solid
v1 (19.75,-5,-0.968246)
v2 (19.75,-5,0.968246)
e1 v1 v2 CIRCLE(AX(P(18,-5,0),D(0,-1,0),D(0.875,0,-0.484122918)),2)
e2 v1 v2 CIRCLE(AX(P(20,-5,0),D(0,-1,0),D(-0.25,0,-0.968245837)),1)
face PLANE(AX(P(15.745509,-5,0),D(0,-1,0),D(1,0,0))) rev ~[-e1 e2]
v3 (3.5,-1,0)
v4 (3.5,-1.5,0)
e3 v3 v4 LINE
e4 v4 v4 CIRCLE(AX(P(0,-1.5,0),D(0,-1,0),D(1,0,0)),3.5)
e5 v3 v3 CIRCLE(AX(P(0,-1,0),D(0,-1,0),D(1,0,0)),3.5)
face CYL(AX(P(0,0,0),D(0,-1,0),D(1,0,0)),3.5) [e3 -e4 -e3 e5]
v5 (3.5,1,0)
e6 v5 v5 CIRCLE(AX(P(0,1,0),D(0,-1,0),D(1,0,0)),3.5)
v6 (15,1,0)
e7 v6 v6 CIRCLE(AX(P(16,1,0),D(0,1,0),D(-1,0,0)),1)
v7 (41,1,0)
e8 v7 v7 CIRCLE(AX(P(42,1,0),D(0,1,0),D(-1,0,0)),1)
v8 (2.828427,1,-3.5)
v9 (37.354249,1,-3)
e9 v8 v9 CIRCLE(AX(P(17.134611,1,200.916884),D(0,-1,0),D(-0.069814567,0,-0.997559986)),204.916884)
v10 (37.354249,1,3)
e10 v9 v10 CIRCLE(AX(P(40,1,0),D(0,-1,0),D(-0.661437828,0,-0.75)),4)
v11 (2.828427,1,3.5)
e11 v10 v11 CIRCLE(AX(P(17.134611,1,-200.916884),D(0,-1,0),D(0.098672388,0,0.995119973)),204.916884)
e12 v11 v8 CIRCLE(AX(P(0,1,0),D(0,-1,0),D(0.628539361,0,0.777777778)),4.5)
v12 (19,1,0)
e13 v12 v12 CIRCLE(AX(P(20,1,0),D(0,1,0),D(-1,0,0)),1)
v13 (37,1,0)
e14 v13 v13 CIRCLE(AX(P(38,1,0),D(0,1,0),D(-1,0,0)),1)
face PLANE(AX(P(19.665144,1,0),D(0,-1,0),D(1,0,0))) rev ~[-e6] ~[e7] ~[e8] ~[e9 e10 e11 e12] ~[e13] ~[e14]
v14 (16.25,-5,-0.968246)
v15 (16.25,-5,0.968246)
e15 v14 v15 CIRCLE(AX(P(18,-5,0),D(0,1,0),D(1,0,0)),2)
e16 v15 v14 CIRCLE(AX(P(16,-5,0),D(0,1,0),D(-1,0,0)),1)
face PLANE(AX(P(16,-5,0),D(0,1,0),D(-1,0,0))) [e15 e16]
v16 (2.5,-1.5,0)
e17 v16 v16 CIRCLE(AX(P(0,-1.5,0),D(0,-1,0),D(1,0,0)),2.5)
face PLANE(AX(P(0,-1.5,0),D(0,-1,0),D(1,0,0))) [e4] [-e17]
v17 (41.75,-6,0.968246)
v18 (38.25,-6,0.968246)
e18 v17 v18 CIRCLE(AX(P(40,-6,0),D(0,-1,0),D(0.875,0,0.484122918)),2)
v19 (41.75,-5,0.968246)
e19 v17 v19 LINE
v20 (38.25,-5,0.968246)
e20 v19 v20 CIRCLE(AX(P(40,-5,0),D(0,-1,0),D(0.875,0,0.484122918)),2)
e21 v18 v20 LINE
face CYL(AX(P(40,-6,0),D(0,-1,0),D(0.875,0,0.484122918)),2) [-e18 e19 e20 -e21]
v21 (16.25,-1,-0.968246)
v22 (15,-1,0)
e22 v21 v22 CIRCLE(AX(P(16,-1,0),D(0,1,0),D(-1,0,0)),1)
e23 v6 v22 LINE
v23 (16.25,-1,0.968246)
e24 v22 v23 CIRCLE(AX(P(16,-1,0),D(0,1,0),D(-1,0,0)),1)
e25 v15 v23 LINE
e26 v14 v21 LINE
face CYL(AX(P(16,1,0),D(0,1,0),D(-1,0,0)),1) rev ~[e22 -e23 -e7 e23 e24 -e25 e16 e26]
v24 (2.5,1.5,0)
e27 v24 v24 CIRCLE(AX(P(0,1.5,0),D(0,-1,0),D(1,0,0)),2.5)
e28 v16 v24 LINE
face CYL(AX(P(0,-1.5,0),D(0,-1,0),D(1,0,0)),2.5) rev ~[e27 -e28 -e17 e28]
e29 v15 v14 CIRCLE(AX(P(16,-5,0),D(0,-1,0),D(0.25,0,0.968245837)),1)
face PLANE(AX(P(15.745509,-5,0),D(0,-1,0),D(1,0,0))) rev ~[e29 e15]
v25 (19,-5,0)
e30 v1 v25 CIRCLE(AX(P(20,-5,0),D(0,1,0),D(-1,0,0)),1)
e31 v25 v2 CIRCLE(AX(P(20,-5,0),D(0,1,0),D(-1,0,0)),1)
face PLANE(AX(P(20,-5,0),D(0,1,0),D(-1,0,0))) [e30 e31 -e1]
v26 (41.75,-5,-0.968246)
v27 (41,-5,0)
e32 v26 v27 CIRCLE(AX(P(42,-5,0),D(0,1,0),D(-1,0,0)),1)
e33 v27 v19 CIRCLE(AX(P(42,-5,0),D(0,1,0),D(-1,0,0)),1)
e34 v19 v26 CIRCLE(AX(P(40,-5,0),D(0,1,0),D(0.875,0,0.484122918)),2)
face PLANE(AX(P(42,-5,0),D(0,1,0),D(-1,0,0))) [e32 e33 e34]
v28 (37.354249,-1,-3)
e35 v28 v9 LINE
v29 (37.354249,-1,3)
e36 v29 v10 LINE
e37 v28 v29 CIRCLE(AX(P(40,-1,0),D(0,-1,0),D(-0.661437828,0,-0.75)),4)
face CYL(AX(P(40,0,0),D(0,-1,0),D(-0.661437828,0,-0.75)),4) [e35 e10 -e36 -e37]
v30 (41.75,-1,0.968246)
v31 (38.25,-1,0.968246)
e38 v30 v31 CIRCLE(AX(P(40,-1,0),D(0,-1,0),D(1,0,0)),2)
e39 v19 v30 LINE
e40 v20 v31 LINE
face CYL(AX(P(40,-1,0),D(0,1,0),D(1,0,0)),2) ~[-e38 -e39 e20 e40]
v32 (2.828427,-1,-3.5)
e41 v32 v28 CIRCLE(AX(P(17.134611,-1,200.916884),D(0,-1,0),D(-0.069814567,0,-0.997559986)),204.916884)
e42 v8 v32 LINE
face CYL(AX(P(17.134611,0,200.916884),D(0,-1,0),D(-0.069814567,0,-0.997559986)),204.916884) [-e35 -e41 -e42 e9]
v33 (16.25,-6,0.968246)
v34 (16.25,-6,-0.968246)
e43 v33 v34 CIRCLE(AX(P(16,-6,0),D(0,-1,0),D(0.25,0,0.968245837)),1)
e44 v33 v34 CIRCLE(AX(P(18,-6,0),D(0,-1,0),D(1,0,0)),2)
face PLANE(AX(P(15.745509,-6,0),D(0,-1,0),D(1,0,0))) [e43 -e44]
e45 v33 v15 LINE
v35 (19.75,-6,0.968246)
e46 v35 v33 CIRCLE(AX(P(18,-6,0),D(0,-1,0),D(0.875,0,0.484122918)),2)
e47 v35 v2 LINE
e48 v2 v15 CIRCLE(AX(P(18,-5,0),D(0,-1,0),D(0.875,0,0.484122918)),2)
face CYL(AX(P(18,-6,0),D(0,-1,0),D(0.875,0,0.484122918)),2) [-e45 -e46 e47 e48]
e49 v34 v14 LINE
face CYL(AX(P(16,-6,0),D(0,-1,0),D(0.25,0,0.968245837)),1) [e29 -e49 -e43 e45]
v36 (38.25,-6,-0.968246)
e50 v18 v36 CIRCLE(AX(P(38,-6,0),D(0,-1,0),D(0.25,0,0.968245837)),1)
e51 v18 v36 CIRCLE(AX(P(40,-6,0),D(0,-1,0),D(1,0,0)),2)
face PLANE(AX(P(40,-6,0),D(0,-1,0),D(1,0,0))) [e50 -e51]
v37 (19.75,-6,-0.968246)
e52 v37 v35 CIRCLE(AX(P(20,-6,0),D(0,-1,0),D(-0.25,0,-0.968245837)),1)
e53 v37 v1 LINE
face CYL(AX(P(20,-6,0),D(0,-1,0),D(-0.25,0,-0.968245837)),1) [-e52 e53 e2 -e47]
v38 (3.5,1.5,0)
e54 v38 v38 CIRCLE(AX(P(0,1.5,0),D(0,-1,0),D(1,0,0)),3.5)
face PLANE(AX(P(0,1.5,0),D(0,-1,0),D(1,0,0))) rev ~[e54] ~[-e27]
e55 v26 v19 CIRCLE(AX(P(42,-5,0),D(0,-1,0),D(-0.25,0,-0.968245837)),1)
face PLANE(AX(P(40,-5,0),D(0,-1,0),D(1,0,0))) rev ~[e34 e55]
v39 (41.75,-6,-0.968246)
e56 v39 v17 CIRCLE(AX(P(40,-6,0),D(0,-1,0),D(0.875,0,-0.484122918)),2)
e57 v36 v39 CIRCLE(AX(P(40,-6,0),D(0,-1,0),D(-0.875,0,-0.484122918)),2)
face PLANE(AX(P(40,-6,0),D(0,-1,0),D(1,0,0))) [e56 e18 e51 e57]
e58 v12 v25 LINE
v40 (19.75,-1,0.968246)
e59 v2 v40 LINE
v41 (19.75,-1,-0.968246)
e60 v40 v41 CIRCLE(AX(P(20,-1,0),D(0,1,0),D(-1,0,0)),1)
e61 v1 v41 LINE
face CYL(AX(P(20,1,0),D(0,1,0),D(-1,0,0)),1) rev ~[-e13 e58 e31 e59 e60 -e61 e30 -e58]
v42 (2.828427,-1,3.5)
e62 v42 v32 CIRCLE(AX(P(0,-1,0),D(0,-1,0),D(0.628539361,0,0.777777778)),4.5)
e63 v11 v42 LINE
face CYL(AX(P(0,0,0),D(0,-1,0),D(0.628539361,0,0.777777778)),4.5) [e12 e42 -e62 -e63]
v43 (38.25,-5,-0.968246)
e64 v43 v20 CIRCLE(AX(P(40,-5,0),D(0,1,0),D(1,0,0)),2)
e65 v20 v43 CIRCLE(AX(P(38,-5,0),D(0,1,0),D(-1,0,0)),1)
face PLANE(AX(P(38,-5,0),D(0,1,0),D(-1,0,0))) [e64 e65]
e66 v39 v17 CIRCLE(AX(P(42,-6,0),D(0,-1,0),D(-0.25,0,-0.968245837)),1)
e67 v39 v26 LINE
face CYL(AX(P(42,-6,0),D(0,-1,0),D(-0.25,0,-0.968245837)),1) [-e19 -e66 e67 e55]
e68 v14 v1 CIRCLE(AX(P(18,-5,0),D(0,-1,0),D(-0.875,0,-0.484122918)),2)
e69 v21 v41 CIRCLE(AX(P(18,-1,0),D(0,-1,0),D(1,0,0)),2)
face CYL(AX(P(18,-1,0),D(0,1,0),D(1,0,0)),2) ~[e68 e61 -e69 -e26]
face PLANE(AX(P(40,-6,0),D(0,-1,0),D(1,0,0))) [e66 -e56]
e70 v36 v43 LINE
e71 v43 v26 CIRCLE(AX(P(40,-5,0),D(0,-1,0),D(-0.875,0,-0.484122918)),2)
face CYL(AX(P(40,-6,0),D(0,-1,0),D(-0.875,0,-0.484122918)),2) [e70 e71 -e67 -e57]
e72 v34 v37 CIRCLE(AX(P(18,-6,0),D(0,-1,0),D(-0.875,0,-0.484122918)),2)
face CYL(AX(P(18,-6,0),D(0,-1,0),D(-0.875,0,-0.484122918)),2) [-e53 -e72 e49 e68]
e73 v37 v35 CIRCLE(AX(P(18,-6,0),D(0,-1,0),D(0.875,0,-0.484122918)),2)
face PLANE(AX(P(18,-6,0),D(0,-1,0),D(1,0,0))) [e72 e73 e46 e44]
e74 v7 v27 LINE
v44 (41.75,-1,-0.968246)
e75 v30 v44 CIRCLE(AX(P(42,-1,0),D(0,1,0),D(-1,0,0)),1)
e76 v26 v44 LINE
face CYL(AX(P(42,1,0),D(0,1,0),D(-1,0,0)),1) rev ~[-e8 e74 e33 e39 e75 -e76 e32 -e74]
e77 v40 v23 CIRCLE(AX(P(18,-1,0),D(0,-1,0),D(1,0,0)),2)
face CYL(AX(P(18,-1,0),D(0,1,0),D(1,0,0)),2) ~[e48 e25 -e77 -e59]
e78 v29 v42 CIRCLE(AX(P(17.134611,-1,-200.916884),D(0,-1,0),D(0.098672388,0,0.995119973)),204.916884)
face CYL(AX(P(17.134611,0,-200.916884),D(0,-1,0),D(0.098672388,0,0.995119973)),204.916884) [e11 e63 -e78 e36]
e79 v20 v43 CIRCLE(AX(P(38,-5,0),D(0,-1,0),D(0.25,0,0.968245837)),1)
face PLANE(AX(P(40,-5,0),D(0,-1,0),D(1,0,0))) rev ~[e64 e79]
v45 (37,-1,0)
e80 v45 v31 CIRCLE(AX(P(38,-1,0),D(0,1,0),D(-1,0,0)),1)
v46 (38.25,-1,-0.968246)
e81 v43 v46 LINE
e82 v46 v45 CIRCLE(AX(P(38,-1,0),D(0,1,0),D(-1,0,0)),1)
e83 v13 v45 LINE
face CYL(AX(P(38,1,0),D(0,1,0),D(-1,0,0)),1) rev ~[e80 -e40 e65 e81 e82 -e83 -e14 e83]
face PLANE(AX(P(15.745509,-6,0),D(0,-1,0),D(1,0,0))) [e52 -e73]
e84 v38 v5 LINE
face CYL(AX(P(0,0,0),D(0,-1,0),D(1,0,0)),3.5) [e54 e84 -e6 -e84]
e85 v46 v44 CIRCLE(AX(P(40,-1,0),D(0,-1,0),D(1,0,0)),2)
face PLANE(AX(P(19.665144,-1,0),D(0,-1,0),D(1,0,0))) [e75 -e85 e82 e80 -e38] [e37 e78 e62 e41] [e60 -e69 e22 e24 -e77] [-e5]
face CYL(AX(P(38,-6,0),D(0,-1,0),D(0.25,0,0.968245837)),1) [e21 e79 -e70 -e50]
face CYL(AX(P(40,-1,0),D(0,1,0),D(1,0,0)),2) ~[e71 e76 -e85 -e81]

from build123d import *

# Parameters (mm, degrees)
F1_DEPTH  = 1
F2_R      = 3.5
F3_DEPTH  = 1.5
F4_R      = 2.5
F5_DEPTH  = 3.001
F6_R      = 2
F7_DEPTH  = 5
F9_DEPTH  = 1
F10_R     = 1
F11_DEPTH = 6


with BuildPart() as f1:
    # F0 (on Front) → F1 (new body, symmetric)
    with BuildSketch(Plane.XZ):
        with BuildLine():
            ThreePointArc((37.3542486889, 3), (20.1018882017, 3.9785151955), (2.8284271247, 3.5))
            ThreePointArc((2.8284271247, 3.5), (-4.5, 0), (2.8284271247, -3.5))
            ThreePointArc((2.8284271247, -3.5), (20.1018882017, -3.9785151955), (37.3542486889, -3))
            ThreePointArc((37.3542486889, -3), (44, 0), (37.3542486889, 3))
        make_face()
    extrude(amount=F1_DEPTH, both=True)

    # F2 (on Front) → F3 (join, symmetric)
    with BuildSketch(Plane.XZ):
        Circle(F2_R)
    extrude(amount=F3_DEPTH, both=True)

    # F4 (on face) → F5 (cut, through all)
    with BuildSketch(Plane.XZ.offset(1.5)):
        Circle(F4_R)
    extrude(amount=-F5_DEPTH, mode=Mode.SUBTRACT)

    # F6 (on face) → F7 (join)
    with BuildSketch(Plane.XZ.offset(1)):
        with Locations((18, 0)):
            Circle(F6_R)
        with Locations((40, 0)):
            Circle(F6_R)
    extrude(amount=F7_DEPTH)

    # F8 (on face) → F9 (join)
    with BuildSketch(Plane.XZ.offset(6)):
        with BuildLine():
            ThreePointArc((16.25, -0.9682458366), (16, 0), (16.25, 0.9682458366))
            ThreePointArc((16.25, 0.9682458366), (15, 0), (16.25, -0.9682458366))
        make_face()
        with BuildLine():
            ThreePointArc((19.75, -0.9682458366), (21, 0), (19.75, 0.9682458366))
            ThreePointArc((19.75, 0.9682458366), (19.9364916731, 0.5), (20, 0))
            ThreePointArc((20, 0), (19.9364916731, -0.5), (19.75, -0.9682458366))
        make_face()
        with BuildLine():
            ThreePointArc((41.75, -0.9682458366), (43, 0), (41.75, 0.9682458366))
            ThreePointArc((41.75, 0.9682458366), (40, 2), (38.25, 0.9682458366))
            ThreePointArc((38.25, 0.9682458366), (37, 0), (38.25, -0.9682458366))
            ThreePointArc((38.25, -0.9682458366), (40, -2), (41.75, -0.9682458366))
        make_face()
        with BuildLine():
            ThreePointArc((20, 0), (19.9364916731, 0.5), (19.75, 0.9682458366))
            ThreePointArc((19.75, 0.9682458366), (18, 2), (16.25, 0.9682458366))
            ThreePointArc((16.25, 0.9682458366), (16, 0), (16.25, -0.9682458366))
            ThreePointArc((16.25, -0.9682458366), (18, -2), (19.75, -0.9682458366))
            ThreePointArc((19.75, -0.9682458366), (19.9364916731, -0.5), (20, 0))
        make_face()
    extrude(amount=-F9_DEPTH)

    # F10 (on face) → F11 (cut, through all)
    with BuildSketch(Plane(origin=(0, 1, 0), x_dir=(-1, 0, 0), z_dir=(0, 1, 0))):
        with Locations((-42, 0)):
            Circle(F10_R)
        with Locations((-38, 0)):
            Circle(F10_R)
        with Locations((-20, 0)):
            Circle(F10_R)
        with Locations((-16, 0)):
            Circle(F10_R)
    extrude(amount=-F11_DEPTH, mode=Mode.SUBTRACT)


solid = f1.part
